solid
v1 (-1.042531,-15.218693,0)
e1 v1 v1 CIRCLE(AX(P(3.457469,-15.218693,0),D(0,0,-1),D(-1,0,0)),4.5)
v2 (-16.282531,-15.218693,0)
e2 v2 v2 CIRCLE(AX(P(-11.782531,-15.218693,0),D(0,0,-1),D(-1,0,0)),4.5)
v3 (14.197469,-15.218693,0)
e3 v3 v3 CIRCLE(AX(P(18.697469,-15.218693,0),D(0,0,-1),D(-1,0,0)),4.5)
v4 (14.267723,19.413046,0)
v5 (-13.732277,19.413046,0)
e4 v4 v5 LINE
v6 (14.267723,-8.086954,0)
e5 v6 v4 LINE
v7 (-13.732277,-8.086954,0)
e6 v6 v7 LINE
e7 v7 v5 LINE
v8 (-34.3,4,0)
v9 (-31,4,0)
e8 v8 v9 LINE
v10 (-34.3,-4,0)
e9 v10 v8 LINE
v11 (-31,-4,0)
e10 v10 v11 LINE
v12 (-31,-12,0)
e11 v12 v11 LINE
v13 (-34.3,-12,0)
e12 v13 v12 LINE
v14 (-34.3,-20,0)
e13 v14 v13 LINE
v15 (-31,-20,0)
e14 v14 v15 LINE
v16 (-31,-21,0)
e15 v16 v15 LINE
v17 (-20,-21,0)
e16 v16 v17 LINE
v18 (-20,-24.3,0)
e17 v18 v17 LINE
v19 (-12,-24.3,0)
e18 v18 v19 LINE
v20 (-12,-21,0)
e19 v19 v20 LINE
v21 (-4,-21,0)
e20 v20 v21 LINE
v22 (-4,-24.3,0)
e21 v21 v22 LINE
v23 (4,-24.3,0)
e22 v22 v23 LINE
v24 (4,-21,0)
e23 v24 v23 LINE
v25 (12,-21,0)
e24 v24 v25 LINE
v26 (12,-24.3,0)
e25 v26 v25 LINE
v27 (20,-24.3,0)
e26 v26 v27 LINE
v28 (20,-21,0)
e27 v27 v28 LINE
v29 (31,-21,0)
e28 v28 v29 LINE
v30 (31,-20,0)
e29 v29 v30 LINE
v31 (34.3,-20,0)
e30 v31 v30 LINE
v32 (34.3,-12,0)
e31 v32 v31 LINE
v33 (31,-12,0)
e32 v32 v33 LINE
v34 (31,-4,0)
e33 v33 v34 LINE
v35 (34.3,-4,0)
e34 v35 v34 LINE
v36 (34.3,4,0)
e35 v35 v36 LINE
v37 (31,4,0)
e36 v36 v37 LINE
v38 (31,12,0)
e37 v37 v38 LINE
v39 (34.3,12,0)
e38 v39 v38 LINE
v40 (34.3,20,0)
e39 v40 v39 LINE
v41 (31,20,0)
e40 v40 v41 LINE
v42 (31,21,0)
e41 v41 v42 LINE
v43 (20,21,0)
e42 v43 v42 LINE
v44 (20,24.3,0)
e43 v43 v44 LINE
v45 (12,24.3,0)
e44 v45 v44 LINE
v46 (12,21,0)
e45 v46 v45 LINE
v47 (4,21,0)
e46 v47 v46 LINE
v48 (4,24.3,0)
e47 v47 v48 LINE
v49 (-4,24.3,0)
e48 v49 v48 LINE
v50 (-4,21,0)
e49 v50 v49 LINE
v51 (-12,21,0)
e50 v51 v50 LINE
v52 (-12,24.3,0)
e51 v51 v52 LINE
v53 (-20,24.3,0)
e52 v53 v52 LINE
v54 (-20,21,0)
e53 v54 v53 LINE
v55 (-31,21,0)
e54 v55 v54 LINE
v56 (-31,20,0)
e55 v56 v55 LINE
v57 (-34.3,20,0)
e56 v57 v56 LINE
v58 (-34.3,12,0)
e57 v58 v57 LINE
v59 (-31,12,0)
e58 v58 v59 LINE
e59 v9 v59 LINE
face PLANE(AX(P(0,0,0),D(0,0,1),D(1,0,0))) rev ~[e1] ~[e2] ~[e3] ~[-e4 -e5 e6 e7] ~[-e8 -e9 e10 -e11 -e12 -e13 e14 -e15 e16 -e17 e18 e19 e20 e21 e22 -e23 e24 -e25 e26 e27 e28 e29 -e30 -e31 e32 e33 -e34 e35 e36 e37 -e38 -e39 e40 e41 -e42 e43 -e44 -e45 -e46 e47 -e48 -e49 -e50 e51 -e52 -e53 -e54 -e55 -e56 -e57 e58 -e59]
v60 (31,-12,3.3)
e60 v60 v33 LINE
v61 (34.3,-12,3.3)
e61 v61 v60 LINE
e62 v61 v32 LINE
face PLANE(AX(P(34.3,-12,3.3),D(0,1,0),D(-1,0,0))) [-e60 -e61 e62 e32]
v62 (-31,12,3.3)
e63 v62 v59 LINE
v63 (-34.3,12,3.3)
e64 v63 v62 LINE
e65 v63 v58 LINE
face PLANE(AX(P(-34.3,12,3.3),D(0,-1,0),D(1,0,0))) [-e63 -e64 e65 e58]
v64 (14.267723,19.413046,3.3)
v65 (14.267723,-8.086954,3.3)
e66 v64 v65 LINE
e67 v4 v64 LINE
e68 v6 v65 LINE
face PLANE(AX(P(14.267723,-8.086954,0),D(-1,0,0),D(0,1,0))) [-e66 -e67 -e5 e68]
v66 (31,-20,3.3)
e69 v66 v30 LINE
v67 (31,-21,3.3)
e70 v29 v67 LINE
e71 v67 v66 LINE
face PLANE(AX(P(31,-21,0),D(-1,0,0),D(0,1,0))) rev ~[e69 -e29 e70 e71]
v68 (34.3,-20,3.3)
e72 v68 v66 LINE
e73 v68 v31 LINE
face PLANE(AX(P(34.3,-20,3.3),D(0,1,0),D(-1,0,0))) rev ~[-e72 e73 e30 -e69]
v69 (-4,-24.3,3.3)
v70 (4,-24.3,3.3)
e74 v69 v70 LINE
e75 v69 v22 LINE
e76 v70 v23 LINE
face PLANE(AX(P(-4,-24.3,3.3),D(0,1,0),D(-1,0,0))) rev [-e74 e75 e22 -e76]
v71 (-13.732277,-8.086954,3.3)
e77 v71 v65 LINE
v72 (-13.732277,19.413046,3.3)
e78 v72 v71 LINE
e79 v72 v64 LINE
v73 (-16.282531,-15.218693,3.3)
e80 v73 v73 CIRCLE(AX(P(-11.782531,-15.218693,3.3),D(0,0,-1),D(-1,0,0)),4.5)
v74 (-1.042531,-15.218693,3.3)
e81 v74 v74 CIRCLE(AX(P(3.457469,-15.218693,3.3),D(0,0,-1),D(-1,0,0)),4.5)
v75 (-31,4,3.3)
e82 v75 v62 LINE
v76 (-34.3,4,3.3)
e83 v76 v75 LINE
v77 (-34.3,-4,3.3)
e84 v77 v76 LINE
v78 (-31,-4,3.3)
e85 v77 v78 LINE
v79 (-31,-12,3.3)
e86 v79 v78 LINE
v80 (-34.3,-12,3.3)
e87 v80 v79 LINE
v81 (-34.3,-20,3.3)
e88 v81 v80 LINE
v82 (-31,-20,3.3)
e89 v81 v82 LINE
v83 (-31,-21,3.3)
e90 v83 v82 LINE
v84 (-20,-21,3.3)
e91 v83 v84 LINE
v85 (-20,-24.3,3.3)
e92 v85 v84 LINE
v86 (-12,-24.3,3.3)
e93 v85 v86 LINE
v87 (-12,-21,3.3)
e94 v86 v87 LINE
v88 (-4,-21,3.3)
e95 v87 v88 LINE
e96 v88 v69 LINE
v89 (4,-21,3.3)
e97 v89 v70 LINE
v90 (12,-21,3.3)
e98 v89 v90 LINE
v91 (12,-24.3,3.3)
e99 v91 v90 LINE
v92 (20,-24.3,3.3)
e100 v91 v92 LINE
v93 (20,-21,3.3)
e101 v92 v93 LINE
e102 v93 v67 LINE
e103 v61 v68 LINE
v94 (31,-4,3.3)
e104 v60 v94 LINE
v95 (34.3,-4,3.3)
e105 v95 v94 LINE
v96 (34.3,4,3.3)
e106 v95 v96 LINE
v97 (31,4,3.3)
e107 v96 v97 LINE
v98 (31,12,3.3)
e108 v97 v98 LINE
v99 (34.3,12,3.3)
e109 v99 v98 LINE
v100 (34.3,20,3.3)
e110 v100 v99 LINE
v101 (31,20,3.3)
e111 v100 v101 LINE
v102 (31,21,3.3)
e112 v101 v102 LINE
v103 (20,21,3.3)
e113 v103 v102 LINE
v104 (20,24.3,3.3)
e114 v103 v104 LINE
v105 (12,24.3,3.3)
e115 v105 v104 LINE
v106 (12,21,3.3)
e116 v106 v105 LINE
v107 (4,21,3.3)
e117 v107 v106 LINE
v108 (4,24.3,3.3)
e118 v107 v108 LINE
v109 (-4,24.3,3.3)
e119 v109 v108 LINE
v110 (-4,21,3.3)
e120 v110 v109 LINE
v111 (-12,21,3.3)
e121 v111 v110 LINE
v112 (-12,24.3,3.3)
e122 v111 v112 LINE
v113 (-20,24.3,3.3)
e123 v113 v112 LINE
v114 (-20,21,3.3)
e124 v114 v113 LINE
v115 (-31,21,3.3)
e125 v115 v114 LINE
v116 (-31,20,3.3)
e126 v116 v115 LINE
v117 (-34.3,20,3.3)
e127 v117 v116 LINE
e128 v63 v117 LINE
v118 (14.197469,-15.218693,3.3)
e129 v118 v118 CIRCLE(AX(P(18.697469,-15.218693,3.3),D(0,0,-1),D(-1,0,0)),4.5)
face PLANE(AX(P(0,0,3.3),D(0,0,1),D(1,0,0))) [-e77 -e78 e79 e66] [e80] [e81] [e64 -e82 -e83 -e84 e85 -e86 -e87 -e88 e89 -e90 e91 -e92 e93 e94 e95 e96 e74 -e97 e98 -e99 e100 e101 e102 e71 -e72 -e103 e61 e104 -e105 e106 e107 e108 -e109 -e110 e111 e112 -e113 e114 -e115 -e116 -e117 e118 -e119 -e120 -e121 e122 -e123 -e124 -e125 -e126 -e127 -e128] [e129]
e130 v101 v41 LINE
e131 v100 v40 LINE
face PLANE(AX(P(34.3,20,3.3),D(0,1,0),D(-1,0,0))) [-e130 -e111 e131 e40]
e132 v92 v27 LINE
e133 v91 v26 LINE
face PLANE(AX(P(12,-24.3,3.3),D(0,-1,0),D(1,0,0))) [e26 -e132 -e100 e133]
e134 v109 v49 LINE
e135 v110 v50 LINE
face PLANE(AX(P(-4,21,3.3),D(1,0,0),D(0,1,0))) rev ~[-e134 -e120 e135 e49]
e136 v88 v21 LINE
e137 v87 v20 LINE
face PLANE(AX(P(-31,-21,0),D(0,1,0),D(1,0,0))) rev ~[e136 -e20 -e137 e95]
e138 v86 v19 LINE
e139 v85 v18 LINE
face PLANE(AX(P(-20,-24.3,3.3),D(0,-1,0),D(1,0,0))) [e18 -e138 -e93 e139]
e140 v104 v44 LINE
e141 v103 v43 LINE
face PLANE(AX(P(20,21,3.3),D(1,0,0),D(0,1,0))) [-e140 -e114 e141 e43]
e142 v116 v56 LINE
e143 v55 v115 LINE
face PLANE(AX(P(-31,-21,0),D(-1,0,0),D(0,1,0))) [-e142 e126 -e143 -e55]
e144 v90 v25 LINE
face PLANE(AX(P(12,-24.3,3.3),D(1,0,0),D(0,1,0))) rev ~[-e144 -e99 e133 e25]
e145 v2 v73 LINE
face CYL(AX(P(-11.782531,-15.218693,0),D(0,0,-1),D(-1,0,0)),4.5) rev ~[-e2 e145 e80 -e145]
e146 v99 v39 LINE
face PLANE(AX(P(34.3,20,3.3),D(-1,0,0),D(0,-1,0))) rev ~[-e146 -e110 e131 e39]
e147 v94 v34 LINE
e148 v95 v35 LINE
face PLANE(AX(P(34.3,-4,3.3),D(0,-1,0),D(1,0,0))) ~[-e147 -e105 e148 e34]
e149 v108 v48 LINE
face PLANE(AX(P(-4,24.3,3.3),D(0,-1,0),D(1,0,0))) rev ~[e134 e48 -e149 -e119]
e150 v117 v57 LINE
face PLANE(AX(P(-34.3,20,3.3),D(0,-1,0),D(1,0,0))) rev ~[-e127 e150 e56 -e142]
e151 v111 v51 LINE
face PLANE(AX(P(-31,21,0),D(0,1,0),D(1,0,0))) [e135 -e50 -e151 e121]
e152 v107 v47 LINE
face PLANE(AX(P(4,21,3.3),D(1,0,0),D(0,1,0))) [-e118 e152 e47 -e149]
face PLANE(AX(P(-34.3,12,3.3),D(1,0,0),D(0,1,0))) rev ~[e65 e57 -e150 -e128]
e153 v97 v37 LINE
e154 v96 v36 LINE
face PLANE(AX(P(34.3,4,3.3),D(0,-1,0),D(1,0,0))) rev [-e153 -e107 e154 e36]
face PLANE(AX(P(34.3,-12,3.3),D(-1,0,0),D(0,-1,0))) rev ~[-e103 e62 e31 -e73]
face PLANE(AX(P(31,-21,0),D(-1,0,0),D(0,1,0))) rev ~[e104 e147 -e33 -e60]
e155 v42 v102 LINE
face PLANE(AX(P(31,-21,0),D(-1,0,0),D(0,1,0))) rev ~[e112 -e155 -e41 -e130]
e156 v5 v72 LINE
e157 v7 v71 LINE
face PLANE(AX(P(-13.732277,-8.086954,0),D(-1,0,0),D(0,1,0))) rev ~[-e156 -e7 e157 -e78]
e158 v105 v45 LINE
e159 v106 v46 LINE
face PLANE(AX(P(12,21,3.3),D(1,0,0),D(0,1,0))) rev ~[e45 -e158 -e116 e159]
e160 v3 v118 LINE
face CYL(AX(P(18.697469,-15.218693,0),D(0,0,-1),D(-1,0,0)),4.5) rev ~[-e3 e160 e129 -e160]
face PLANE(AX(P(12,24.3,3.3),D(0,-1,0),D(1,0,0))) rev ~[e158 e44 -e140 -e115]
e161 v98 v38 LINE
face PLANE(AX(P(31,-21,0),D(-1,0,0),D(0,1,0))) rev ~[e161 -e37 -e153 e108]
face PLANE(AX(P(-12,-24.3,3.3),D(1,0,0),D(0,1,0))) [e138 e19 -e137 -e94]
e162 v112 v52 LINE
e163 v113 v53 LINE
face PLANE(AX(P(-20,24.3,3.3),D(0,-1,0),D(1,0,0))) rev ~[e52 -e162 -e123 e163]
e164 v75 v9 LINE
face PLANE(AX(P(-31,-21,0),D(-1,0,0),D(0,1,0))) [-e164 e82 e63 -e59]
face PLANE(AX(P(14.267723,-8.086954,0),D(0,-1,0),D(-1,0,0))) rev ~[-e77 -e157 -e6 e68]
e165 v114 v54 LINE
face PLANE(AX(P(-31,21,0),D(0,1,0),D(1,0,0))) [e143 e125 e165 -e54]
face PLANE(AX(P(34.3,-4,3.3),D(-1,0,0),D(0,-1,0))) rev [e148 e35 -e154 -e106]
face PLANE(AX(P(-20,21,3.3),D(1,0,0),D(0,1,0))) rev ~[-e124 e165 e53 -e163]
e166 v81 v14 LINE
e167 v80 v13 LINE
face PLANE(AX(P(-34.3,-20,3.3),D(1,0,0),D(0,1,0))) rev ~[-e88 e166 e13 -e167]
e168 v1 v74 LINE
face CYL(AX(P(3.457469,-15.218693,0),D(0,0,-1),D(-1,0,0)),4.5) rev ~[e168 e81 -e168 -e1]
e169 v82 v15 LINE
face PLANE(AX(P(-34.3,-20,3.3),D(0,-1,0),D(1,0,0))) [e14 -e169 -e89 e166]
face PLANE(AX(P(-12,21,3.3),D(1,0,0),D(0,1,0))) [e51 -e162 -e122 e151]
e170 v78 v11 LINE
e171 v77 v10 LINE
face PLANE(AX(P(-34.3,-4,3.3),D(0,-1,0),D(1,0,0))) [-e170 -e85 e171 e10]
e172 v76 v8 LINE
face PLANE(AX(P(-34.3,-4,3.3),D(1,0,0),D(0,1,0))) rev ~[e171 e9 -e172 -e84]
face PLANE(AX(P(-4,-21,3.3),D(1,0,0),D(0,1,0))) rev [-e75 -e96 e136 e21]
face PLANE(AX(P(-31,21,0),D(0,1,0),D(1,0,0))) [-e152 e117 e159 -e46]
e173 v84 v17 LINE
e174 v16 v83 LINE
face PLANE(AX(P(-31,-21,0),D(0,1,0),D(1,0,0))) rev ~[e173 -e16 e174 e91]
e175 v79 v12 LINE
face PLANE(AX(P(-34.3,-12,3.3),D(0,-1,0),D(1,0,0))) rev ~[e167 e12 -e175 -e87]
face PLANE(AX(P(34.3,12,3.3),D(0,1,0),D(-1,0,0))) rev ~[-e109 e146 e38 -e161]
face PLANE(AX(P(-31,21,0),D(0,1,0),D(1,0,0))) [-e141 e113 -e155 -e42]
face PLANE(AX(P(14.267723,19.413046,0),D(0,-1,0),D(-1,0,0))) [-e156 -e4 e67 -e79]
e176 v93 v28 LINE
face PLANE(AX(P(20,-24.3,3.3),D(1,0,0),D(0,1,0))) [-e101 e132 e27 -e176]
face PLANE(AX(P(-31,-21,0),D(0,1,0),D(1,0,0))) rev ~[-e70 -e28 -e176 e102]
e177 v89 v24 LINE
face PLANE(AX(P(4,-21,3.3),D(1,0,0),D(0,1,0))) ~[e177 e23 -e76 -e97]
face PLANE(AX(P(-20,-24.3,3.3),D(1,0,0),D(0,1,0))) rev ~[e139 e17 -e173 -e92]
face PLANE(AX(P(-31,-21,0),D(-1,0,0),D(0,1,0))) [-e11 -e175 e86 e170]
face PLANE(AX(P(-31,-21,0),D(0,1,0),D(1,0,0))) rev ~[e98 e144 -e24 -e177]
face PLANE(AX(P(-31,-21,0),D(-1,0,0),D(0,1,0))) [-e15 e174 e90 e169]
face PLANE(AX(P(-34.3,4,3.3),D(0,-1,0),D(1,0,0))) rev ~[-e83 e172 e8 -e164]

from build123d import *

# Parameters (mm, degrees)
ESQUISSE1_W                    = 62
ESQUISSE1_H                    = 42
BOSS_EXTRU_1_DEPTH             = 3.3
ESQUISSE2_W                    = 8
ESQUISSE2_H                    = 3.3
BOSS_EXTRU_2_DEPTH             = 3.3
R_P_TITION_LIN_AIRE1_COUNT     = 2
R_P_TITION_LIN_AIRE1_PITCH     = 16
R_P_TITION_LIN_AIRE1_COL_COUNT = 2
R_P_TITION_LIN_AIRE1_COL_PITCH = 16
SYM_TRIE1_COPY_1_SKETCH_W      = 8
SYM_TRIE1_COPY_1_SKETCH_H      = 3.3
SYM_TRIE1_COPY_1_DEPTH         = 3.3
SYM_TRIE1_COPY_2_SKETCH_W      = 8
SYM_TRIE1_COPY_2_SKETCH_H      = 3.3
SYM_TRIE1_COPY_2_DEPTH         = 3.3
ESQUISSE3_W                    = 3.3
ESQUISSE3_H                    = 8
BOSS_EXTRU_3_DEPTH             = 3.3
R_P_TITION_LIN_AIRE2_COUNT     = 2
R_P_TITION_LIN_AIRE2_PITCH     = 16
R_P_TITION_LIN_AIRE2_COL_COUNT = 2
R_P_TITION_LIN_AIRE2_COL_PITCH = 16
SYM_TRIE2_COPY_1_SKETCH_W      = 3.3
SYM_TRIE2_COPY_1_SKETCH_H      = 8
SYM_TRIE2_COPY_1_DEPTH         = 3.3
SYM_TRIE2_COPY_2_SKETCH_W      = 3.3
SYM_TRIE2_COPY_2_SKETCH_H      = 8
SYM_TRIE2_COPY_2_DEPTH         = 3.3
ESQUISSE4_R                    = 4.5
ESQUISSE4_W                    = 28
ESQUISSE4_H                    = 27.5
ENL_V_MAT_EXTRU_2_DEPTH        = 1
ENL_V_MAT_EXTRU_2_DEPTH_BACK   = 4.3


with BuildPart() as part:
    # Esquisse1 → Boss.-Extru.1 (new body)
    with BuildSketch(Plane.XY):
        Rectangle(ESQUISSE1_W, ESQUISSE1_H)
    extrude(amount=BOSS_EXTRU_1_DEPTH)

    # Esquisse2 → Boss.-Extru.2 (add)
    with BuildSketch(Plane.XY.offset(3.3)):
        with Locations((0, 22.65)):
            Rectangle(ESQUISSE2_W, ESQUISSE2_H)
    boss_extru_2 = extrude(amount=-BOSS_EXTRU_2_DEPTH)

    # Répétition linéaire1: Boss.-Extru.2 ×2
    with Locations(*[(-i * R_P_TITION_LIN_AIRE1_PITCH, 0, 0) for i in range(1, R_P_TITION_LIN_AIRE1_COUNT)]):
        add(boss_extru_2)

    # Répétition linéaire1 col: Boss.-Extru.2 ×2
    with Locations(*[(i * R_P_TITION_LIN_AIRE1_COL_PITCH, 0, 0) for i in range(1, R_P_TITION_LIN_AIRE1_COL_COUNT)]):
        add(boss_extru_2)

    # Symétrie1: Boss.-Extru.2 across plane
    add(boss_extru_2.mirror(Plane.ZX))

    # Symétrie1 copy 1 sketch → Symétrie1 copy 1 (add)
    with BuildSketch(Plane(origin=(-16, 0, 3.3), x_dir=(1, 0, 0), z_dir=(0, 0, 1))):
        with Locations((0, -22.65)):
            Rectangle(SYM_TRIE1_COPY_1_SKETCH_W, SYM_TRIE1_COPY_1_SKETCH_H)
    extrude(amount=-SYM_TRIE1_COPY_1_DEPTH)

    # Symétrie1 copy 2 sketch → Symétrie1 copy 2 (add)
    with BuildSketch(Plane(origin=(16, 0, 3.3), x_dir=(1, 0, 0), z_dir=(0, 0, 1))):
        with Locations((0, -22.65)):
            Rectangle(SYM_TRIE1_COPY_2_SKETCH_W, SYM_TRIE1_COPY_2_SKETCH_H)
    extrude(amount=-SYM_TRIE1_COPY_2_DEPTH)

    # Esquisse3 → Boss.-Extru.3 (add)
    with BuildSketch(Plane.XY.offset(3.3)):
        with Locations((-32.65, 0)):
            Rectangle(ESQUISSE3_W, ESQUISSE3_H)
    boss_extru_3 = extrude(amount=-BOSS_EXTRU_3_DEPTH)

    # Répétition linéaire2: Boss.-Extru.3 ×2
    with Locations(*[(0, i * R_P_TITION_LIN_AIRE2_PITCH, 0) for i in range(1, R_P_TITION_LIN_AIRE2_COUNT)]):
        add(boss_extru_3)

    # Répétition linéaire2 col: Boss.-Extru.3 ×2
    with Locations(*[(0, -i * R_P_TITION_LIN_AIRE2_COL_PITCH, 0) for i in range(1, R_P_TITION_LIN_AIRE2_COL_COUNT)]):
        add(boss_extru_3)

    # Symétrie2: Boss.-Extru.3 across plane
    add(boss_extru_3.mirror(Plane(origin=(0, 0, 0), x_dir=(0, 0, 1), z_dir=(1, 0, 0))))

    # Symétrie2 copy 1 sketch → Symétrie2 copy 1 (add)
    with BuildSketch(Plane(origin=(0, 16, 3.3), x_dir=(-1, 0, 0), z_dir=(0, 0, 1))):
        with Locations((-32.65, 0)):
            Rectangle(SYM_TRIE2_COPY_1_SKETCH_W, SYM_TRIE2_COPY_1_SKETCH_H)
    extrude(amount=-SYM_TRIE2_COPY_1_DEPTH)

    # Symétrie2 copy 2 sketch → Symétrie2 copy 2 (add)
    with BuildSketch(Plane(origin=(0, -16, 3.3), x_dir=(-1, 0, 0), z_dir=(0, 0, 1))):
        with Locations((-32.65, 0)):
            Rectangle(SYM_TRIE2_COPY_2_SKETCH_W, SYM_TRIE2_COPY_2_SKETCH_H)
    extrude(amount=-SYM_TRIE2_COPY_2_DEPTH)

    # Esquisse4 → Enlèv. mat.-Extru.2 (cut, two sides)
    with BuildSketch(Plane(origin=(0, 0, 0), x_dir=(-1, 0, 0), z_dir=(0, 0, -1))) as enl_v_mat_extru_2_sk:
        with Locations((-18.697468538, -15.21869301)):
            Circle(ESQUISSE4_R)
        with Locations((-3.457468538, -15.21869301)):
            Circle(ESQUISSE4_R)
        with Locations((11.782531462, -15.21869301)):
            Circle(ESQUISSE4_R)
        with Locations((-0.267723221, 5.663046026)):
            Rectangle(ESQUISSE4_W, ESQUISSE4_H)
    extrude(amount=ENL_V_MAT_EXTRU_2_DEPTH, mode=Mode.SUBTRACT)
    extrude(enl_v_mat_extru_2_sk.sketch, amount=-ENL_V_MAT_EXTRU_2_DEPTH_BACK, mode=Mode.SUBTRACT)


solid = part.part
